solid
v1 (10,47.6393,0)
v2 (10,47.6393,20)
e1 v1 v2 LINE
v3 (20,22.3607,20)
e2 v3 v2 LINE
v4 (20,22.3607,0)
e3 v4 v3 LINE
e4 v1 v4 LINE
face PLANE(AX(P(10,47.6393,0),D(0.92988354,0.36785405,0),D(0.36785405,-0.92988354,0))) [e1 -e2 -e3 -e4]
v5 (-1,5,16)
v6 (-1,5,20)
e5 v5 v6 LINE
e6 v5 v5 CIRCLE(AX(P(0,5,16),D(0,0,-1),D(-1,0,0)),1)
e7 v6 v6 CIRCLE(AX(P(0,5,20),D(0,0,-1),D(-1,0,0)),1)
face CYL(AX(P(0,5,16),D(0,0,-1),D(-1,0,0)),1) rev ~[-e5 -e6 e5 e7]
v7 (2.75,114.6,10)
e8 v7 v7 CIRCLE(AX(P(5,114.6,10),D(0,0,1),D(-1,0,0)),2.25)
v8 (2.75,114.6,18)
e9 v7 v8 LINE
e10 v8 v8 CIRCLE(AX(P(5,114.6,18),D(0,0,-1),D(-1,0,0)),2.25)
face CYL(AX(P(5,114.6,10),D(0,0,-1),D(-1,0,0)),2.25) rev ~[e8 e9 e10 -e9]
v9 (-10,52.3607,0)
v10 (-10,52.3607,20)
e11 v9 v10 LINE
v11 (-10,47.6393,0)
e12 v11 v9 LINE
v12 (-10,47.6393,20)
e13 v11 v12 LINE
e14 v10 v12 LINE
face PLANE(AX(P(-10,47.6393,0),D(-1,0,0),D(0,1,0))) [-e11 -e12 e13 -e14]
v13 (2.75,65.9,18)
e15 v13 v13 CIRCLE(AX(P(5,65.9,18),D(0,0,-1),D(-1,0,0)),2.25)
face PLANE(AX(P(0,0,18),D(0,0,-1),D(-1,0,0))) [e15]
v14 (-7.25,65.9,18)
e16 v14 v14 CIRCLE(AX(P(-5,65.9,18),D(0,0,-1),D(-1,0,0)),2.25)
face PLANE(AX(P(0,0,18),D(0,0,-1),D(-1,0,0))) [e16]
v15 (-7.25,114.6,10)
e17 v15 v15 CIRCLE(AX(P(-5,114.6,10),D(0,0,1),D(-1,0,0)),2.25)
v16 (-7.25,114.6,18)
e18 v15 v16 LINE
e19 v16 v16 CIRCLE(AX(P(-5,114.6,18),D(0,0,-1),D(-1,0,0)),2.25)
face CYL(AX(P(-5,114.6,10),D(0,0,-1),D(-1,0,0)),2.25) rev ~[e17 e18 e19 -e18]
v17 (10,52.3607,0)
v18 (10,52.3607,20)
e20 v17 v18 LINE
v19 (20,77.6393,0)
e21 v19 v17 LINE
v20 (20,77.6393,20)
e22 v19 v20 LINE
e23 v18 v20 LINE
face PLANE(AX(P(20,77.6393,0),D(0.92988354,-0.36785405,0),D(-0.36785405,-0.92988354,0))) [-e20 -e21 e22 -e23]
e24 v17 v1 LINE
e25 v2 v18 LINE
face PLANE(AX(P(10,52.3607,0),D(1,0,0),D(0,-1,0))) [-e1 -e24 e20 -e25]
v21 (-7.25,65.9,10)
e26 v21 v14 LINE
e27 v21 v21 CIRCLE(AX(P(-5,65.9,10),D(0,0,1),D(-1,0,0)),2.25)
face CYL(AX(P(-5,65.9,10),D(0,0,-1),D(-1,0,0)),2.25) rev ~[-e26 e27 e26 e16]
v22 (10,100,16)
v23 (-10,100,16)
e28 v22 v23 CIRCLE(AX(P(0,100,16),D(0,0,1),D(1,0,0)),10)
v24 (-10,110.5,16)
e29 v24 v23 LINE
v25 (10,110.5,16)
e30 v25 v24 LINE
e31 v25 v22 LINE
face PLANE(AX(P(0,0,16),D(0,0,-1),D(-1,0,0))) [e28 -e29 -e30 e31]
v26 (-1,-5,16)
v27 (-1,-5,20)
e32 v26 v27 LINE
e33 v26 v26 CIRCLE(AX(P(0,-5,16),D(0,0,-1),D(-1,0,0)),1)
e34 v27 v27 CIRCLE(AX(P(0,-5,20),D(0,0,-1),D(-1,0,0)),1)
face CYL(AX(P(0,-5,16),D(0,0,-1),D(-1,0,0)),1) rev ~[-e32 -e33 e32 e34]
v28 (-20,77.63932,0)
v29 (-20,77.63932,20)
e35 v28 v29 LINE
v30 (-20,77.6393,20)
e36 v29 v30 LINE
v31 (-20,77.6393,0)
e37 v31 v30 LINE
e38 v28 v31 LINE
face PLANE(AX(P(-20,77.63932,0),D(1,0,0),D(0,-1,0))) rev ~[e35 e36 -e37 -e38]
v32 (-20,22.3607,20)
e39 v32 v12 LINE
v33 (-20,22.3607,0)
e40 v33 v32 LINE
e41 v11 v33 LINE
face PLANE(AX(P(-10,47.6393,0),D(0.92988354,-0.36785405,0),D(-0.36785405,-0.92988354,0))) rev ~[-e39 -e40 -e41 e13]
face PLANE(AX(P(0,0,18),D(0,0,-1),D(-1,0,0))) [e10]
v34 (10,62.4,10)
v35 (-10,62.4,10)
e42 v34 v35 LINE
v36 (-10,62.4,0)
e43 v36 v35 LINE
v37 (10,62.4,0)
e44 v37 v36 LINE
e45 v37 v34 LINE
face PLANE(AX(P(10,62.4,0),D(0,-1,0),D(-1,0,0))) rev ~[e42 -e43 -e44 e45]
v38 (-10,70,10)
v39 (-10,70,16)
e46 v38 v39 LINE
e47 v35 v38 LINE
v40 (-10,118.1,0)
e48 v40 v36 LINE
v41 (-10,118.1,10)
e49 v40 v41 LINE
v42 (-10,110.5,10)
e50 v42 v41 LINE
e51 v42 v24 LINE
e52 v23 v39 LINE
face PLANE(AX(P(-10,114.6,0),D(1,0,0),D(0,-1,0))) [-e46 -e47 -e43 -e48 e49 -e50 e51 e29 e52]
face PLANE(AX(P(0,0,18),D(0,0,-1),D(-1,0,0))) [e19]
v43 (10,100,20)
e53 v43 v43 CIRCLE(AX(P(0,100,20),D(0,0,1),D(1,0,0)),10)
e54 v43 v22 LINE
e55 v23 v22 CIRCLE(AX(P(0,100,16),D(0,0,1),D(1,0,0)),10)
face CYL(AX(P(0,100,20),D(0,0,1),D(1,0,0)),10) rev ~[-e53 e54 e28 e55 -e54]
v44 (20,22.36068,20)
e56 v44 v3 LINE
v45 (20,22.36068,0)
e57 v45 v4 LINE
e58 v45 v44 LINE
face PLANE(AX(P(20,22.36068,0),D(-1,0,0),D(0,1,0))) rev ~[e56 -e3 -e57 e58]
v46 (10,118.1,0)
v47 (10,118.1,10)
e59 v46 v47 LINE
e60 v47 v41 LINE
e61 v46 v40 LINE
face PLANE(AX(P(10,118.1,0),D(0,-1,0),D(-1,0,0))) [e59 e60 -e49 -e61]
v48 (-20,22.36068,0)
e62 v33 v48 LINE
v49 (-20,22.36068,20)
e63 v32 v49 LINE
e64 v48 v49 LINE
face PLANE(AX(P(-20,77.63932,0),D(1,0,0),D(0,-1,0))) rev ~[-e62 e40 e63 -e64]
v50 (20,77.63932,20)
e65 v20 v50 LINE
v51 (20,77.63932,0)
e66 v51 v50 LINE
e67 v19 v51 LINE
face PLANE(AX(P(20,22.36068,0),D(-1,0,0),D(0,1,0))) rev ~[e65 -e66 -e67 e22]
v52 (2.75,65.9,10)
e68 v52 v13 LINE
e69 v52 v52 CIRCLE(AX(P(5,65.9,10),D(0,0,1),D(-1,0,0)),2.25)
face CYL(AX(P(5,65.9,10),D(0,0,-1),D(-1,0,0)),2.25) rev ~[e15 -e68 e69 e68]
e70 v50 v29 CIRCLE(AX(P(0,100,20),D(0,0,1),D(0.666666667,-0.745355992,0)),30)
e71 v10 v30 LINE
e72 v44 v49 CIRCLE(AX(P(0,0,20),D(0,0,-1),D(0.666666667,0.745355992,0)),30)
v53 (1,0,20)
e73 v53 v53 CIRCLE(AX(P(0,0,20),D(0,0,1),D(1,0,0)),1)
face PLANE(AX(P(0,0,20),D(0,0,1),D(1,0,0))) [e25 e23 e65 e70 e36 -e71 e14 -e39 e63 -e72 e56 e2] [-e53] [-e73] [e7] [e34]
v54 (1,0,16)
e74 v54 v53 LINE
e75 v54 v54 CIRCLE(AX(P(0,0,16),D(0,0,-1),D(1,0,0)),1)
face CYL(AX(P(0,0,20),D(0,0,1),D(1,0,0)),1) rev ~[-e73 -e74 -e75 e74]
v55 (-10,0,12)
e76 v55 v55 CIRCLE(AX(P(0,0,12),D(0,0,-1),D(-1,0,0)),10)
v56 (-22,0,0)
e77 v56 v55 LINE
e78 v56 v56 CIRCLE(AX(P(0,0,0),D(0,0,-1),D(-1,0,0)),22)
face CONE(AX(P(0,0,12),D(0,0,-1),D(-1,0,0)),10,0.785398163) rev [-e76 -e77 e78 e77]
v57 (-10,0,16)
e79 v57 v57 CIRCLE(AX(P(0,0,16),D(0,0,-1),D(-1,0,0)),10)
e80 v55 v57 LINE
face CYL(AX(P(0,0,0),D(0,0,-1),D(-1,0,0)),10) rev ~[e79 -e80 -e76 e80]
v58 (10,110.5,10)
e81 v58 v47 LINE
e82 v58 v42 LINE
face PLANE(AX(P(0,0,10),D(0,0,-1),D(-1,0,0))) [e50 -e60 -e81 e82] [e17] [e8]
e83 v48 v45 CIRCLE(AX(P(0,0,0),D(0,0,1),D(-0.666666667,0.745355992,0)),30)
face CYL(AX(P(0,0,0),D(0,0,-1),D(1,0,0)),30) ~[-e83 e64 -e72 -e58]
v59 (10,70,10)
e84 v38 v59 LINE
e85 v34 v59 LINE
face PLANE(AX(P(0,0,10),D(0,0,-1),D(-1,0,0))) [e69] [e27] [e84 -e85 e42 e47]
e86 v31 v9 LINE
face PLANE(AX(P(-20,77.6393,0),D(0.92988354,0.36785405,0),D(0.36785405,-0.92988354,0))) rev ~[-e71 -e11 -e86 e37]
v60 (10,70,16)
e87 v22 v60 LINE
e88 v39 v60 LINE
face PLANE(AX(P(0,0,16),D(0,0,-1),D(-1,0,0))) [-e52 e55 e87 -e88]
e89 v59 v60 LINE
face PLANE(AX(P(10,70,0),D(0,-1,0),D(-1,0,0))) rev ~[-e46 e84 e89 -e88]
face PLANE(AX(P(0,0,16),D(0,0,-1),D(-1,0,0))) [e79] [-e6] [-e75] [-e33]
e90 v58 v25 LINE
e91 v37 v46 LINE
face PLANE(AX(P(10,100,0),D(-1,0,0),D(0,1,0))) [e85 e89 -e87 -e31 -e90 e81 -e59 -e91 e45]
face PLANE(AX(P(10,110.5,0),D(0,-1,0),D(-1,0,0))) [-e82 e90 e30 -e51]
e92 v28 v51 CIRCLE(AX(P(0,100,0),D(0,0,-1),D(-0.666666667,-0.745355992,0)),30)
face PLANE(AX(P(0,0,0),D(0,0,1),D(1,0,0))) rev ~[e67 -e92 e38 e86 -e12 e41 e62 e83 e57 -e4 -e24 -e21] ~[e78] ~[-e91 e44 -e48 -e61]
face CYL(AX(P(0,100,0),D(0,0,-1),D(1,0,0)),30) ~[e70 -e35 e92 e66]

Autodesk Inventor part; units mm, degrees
ref_plane "YZ Plane" through (0, 0, 0) normal (1, 0, 0) x (0, 1, 0)
ref_plane "XZ Plane" through (0, 0, 0) normal (0, 1, 0) x (-1, 0, 0)
ref_plane "XY Plane" through (0, 0, 0) normal (0, 0, 1) x (1, 0, 0)
sketch "Sketch1" plane through (0, 0, 0) normal (0, 0, 1) x (1, 0, 0)
  circle A0 centre (0, 0) radius 30
  circle A1 centre (0, 100) radius 30
  line L0 (-20, 0) -> (20, 0)
  line L1 (20, 0) -> (20, 100)
  line L2 (20, 100) -> (-20, 100)
  line L3 (-20, 100) -> (-20, 0)
  point P0 (20, 77.6393)
  point P1 (-20, 77.6393)
  point P2 (-20, 22.3607)
  point P3 (20, 22.3607)
  dimension "d0" = 60
  dimension "d1" = 60
  dimension "d2" = 40
extrude "Extrusion1" add sketch "Sketch1" along normal blind 20
sketch "Sketch2" plane through (0, 0, 20) normal (0, 0, 1) x (1, 0, 0)
  circle A0 centre (0, 0) radius 10
  dimension "d5" = 20
extrude "Extrusion2" cut sketch "Sketch2" against normal blind 16
sketch "Sketch3" plane through (0, 0, 4) normal (0, 0, 1) x (1, 0, 0)
  circle A0 centre (0, 0) radius 1
  circle A1 centre (5, 0) radius 1
  circle A2 centre (-5, 0) radius 1
  dimension "d11" = 2
  dimension "d12" = 2
  dimension "d13" = 2
extrude "Extrusion3" cut sketch "Sketch3" against normal blind 28.45
sketch "Sketch4" plane through (0, 0, 0) normal (0, 0, -1) x (-1, 0, 0)
  line L0 (0, 100) -> (10, 100)
  line L1 (10, 100) -> (10, 70)
  line L2 (10, 70) -> (0, 70)
  line L3 (0, 70) -> (0, 100)
  line L4 (0, 100) -> (-10, 100)
  line L5 (-10, 100) -> (-10, 70)
  line L6 (-10, 70) -> (0, 70)
  line L7 (0, 70) -> (0, 100)
  line L8 (10, 100) -> (-10, 100)
  line L9 (-10, 100) -> (-10, 110.5)
  line L10 (-10, 110.5) -> (10, 110.5)
  line L11 (10, 110.5) -> (10, 100)
  point P0 (0, 0)
  dimension "d16" = 10
  dimension "d17" = 30
  dimension "d18" = 10
  dimension "d19" = 10.5
extrude "Extrusion4" cut sketch "Sketch4" against normal blind 16
sketch "Sketch5" plane through (0, 0, 0) normal (0, 0, -1) x (-1, 0, 0)
  line L0 (10, 110.5) -> (10, 70) projected
  line L1 (10, 110.5) -> (-10, 110.5)
  line L2 (-10, 110.5) -> (-10, 118.1)
  line L3 (-10, 118.1) -> (10, 118.1)
  line L4 (10, 118.1) -> (10, 110.5)
  line L5 (10, 70) -> (-10, 70)
  line L6 (-10, 70) -> (-10, 62.4)
  line L7 (-10, 62.4) -> (10, 62.4)
  line L8 (10, 62.4) -> (10, 70)
  line L9 (-10, 110.5) -> (10, 110.5) projected
  line L10 (10, 110.5) -> (-10, 110.5)
  line L11 (-10, 110.5) -> (-10, 114.6)
  line L12 (-10, 114.6) -> (10, 114.6)
  line L13 (10, 114.6) -> (10, 110.5)
  line L14 (10, 70) -> (-10, 70)
  line L15 (-10, 70) -> (-10, 65.9)
  line L16 (-10, 65.9) -> (10, 65.9)
  line L17 (10, 65.9) -> (10, 70)
  line L18 (0, 110.5) -> (5, 110.5)
  line L19 (5, 110.5) -> (5, 114.6)
  line L20 (5, 114.6) -> (0, 114.6)
  line L21 (0, 114.6) -> (0, 110.5)
  line L22 (0, 110.5) -> (-5, 110.5)
  line L23 (-5, 110.5) -> (-5, 114.6)
  line L24 (-5, 114.6) -> (0, 114.6)
  line L25 (0, 114.6) -> (0, 110.5)
  line L26 (0, 70) -> (5, 70)
  line L27 (5, 70) -> (5, 65.9)
  line L28 (5, 65.9) -> (0, 65.9)
  line L29 (0, 65.9) -> (0, 70)
  line L30 (0, 70) -> (-5, 70)
  line L31 (-5, 70) -> (-5, 65.9)
  line L32 (-5, 65.9) -> (0, 65.9)
  line L33 (0, 65.9) -> (0, 70)
  point P0 (0, 0)
  dimension "d22" = 7.6
  dimension "d23" = 7.6
  dimension "d24" = 4.1
  dimension "d25" = 4.1
  dimension "d26" = 5
  dimension "d27" = 5
  dimension "d28" = 5
  dimension "d29" = 5
extrude "Extrusion5" cut sketch "Sketch5" against normal blind 10
sketch "Sketch6" plane through (0, 0, 10) normal (0, 0, -1) x (-1, 0, 0)
  line L0 (10, 110.5) -> (10, 70) projected
  line L1 (-10, 62.4) -> (-10, 118.1) projected
  line L2 (10, 110.5) -> (-10, 110.5)
  line L3 (-10, 110.5) -> (-10, 114.6)
  line L4 (-10, 114.6) -> (10, 114.6)
  line L5 (10, 114.6) -> (10, 110.5)
  line L6 (10, 70) -> (-10, 70) projected
  line L7 (-10, 62.4) -> (-10, 70) projected
  line L8 (10, 70) -> (-10, 70)
  line L9 (-10, 70) -> (-10, 65.9)
  line L10 (-10, 65.9) -> (10, 65.9)
  line L11 (10, 65.9) -> (10, 70)
  line L12 (-10, 110.5) -> (10, 110.5) projected
  line L13 (0, 114.6) -> (5, 114.6)
  line L14 (5, 114.6) -> (5, 110.5)
  line L15 (5, 110.5) -> (0, 110.5)
  line L16 (0, 110.5) -> (0, 114.6)
  line L17 (0, 110.5) -> (-5, 110.5)
  line L18 (-5, 110.5) -> (-5, 114.6)
  line L19 (-5, 114.6) -> (0, 114.6)
  line L20 (0, 114.6) -> (0, 110.5)
  line L21 (0, 70) -> (5, 70)
  line L22 (5, 70) -> (5, 65.9)
  line L23 (5, 65.9) -> (0, 65.9)
  line L24 (0, 65.9) -> (0, 70)
  line L25 (0, 70) -> (-5, 70)
  line L26 (-5, 70) -> (-5, 65.9)
  line L27 (-5, 65.9) -> (0, 65.9)
  line L28 (0, 65.9) -> (0, 70)
  circle A0 centre (5, 114.6) radius 2.25
  circle A1 centre (-5, 114.6) radius 2.25
  circle A2 centre (5, 65.9) radius 2.25
  circle A3 centre (-5, 65.9) radius 2.25
  point P0 (0, 0)
  dimension "d32" = 4.1
  dimension "d33" = 4.1
  dimension "d34" = 5
  dimension "d35" = 5
  dimension "d36" = 4.5
  dimension "d37" = 4.5
  dimension "d38" = 4.5
  dimension "d39" = 4.5
extrude "Extrusion6" cut sketch "Sketch6" against normal blind 8 contours A0 L4 L14 | L14 L4 A0 | L4 A0 | A2 L10 L22 | L22 L10 A2 | A2 L10 | A1 L4 L18 | L18 L4 A1 | L4 A1 | A3 L10 L26 | L26 L10 A3 | A3 L10
thread "Thread1" size "M4.5x0.75" class "6H" standard "ANSI Metric M Profile" full length
thread "Thread2" size "M4.5x0.75" class "6H" standard "ANSI Metric M Profile" full length
thread "Thread3" size "M4.5x0.75" class "6H" standard "ANSI Metric M Profile" full length
thread "Thread4" size "M4.5x0.75" class "6H" standard "ANSI Metric M Profile" full length
sketch "Sketch7" plane through (0, 0, 20) normal (0, 0, 1) x (1, 0, 0)
  circle A0 centre (0, 100) radius 10
  point P0 (0, 0)
  dimension "d50" = 20
extrude "Extrusion7" cut sketch "Sketch7" against normal blind 4
sketch "Sketch8" plane through (0, 0, 0) normal (0, 0, -1) x (-1, 0, 0)
  line L0 (20, 77.6393) -> (20, 22.3607) projected
  arc A0 (20, 77.6393) -> (-20, 77.6393) centre (0, 100) ccw projected
  line L1 (20, 22.3607) -> (-20, 22.3607)
  line L2 (-20, 22.3607) -> (-20, 77.6393)
  line L3 (-20, 77.6393) -> (20, 77.6393)
  line L4 (20, 77.6393) -> (20, 22.3607)
  line L5 (10, 118.1) -> (10, 62.4) projected
  line L6 (10, 77.6393) -> (-10, 77.6393)
  line L7 (-10, 77.6393) -> (-10, 47.6393)
  line L8 (-10, 47.6393) -> (10, 47.6393)
  line L9 (10, 47.6393) -> (10, 77.6393)
  line L10 (-10, 22.3607) -> (10, 22.3607)
  line L11 (10, 22.3607) -> (10, 52.3607)
  line L12 (10, 52.3607) -> (-10, 52.3607)
  line L13 (-10, 52.3607) -> (-10, 22.3607)
  line L14 (20, 77.6393) -> (10, 52.3607)
  line L15 (10, 47.6393) -> (20, 22.3607)
  line L16 (-20, 77.6393) -> (-10, 52.3607)
  line L17 (-10, 47.6393) -> (-20, 22.3607)
  point P0 (0, 0)
  dimension "d53" = 20
  dimension "d54" = 30
  dimension "d55" = 30
extrude "Extrusion8" cut sketch "Sketch8" against normal blind 72.2 contours L0 L15 L9 L14 | L16 L7 L17 L2
sketch "Sketch9" plane through (0, 0, 20) normal (0, 0, 1) x (1, 0, 0)
  circle A0 centre (0, 0) radius 1 projected
  circle A1 centre (0, 0) radius 10
extrude "Extrusion9" add sketch "Sketch9" against normal blind 20
sketch "Sketch10" plane through (0, 0, 0) normal (0, 0, -1) x (-1, 0, 0)
  circle A0 centre (0, 0) radius 1 projected
  circle A1 centre (0, 0) radius 10
  dimension "d60" = 20
extrude "Extrusion10" cut sketch "Sketch10" against normal blind 16
sketch "Sketch11" plane through (0, 0, 16) normal (0, 0, -1) x (-1, 0, 0)
  circle A0 centre (0, 5) radius 1
  circle A1 centre (0, -5) radius 1
  point P0 (0, 0)
  dimension "d63" = 2
  dimension "d64" = 2
extrude "Extrusion11" cut sketch "Sketch11" against normal blind 22.1
chamfer "Chamfer2" distance 12 angle 45 1 edges at (10, 0, 0)
properties part number "2ndArm"
